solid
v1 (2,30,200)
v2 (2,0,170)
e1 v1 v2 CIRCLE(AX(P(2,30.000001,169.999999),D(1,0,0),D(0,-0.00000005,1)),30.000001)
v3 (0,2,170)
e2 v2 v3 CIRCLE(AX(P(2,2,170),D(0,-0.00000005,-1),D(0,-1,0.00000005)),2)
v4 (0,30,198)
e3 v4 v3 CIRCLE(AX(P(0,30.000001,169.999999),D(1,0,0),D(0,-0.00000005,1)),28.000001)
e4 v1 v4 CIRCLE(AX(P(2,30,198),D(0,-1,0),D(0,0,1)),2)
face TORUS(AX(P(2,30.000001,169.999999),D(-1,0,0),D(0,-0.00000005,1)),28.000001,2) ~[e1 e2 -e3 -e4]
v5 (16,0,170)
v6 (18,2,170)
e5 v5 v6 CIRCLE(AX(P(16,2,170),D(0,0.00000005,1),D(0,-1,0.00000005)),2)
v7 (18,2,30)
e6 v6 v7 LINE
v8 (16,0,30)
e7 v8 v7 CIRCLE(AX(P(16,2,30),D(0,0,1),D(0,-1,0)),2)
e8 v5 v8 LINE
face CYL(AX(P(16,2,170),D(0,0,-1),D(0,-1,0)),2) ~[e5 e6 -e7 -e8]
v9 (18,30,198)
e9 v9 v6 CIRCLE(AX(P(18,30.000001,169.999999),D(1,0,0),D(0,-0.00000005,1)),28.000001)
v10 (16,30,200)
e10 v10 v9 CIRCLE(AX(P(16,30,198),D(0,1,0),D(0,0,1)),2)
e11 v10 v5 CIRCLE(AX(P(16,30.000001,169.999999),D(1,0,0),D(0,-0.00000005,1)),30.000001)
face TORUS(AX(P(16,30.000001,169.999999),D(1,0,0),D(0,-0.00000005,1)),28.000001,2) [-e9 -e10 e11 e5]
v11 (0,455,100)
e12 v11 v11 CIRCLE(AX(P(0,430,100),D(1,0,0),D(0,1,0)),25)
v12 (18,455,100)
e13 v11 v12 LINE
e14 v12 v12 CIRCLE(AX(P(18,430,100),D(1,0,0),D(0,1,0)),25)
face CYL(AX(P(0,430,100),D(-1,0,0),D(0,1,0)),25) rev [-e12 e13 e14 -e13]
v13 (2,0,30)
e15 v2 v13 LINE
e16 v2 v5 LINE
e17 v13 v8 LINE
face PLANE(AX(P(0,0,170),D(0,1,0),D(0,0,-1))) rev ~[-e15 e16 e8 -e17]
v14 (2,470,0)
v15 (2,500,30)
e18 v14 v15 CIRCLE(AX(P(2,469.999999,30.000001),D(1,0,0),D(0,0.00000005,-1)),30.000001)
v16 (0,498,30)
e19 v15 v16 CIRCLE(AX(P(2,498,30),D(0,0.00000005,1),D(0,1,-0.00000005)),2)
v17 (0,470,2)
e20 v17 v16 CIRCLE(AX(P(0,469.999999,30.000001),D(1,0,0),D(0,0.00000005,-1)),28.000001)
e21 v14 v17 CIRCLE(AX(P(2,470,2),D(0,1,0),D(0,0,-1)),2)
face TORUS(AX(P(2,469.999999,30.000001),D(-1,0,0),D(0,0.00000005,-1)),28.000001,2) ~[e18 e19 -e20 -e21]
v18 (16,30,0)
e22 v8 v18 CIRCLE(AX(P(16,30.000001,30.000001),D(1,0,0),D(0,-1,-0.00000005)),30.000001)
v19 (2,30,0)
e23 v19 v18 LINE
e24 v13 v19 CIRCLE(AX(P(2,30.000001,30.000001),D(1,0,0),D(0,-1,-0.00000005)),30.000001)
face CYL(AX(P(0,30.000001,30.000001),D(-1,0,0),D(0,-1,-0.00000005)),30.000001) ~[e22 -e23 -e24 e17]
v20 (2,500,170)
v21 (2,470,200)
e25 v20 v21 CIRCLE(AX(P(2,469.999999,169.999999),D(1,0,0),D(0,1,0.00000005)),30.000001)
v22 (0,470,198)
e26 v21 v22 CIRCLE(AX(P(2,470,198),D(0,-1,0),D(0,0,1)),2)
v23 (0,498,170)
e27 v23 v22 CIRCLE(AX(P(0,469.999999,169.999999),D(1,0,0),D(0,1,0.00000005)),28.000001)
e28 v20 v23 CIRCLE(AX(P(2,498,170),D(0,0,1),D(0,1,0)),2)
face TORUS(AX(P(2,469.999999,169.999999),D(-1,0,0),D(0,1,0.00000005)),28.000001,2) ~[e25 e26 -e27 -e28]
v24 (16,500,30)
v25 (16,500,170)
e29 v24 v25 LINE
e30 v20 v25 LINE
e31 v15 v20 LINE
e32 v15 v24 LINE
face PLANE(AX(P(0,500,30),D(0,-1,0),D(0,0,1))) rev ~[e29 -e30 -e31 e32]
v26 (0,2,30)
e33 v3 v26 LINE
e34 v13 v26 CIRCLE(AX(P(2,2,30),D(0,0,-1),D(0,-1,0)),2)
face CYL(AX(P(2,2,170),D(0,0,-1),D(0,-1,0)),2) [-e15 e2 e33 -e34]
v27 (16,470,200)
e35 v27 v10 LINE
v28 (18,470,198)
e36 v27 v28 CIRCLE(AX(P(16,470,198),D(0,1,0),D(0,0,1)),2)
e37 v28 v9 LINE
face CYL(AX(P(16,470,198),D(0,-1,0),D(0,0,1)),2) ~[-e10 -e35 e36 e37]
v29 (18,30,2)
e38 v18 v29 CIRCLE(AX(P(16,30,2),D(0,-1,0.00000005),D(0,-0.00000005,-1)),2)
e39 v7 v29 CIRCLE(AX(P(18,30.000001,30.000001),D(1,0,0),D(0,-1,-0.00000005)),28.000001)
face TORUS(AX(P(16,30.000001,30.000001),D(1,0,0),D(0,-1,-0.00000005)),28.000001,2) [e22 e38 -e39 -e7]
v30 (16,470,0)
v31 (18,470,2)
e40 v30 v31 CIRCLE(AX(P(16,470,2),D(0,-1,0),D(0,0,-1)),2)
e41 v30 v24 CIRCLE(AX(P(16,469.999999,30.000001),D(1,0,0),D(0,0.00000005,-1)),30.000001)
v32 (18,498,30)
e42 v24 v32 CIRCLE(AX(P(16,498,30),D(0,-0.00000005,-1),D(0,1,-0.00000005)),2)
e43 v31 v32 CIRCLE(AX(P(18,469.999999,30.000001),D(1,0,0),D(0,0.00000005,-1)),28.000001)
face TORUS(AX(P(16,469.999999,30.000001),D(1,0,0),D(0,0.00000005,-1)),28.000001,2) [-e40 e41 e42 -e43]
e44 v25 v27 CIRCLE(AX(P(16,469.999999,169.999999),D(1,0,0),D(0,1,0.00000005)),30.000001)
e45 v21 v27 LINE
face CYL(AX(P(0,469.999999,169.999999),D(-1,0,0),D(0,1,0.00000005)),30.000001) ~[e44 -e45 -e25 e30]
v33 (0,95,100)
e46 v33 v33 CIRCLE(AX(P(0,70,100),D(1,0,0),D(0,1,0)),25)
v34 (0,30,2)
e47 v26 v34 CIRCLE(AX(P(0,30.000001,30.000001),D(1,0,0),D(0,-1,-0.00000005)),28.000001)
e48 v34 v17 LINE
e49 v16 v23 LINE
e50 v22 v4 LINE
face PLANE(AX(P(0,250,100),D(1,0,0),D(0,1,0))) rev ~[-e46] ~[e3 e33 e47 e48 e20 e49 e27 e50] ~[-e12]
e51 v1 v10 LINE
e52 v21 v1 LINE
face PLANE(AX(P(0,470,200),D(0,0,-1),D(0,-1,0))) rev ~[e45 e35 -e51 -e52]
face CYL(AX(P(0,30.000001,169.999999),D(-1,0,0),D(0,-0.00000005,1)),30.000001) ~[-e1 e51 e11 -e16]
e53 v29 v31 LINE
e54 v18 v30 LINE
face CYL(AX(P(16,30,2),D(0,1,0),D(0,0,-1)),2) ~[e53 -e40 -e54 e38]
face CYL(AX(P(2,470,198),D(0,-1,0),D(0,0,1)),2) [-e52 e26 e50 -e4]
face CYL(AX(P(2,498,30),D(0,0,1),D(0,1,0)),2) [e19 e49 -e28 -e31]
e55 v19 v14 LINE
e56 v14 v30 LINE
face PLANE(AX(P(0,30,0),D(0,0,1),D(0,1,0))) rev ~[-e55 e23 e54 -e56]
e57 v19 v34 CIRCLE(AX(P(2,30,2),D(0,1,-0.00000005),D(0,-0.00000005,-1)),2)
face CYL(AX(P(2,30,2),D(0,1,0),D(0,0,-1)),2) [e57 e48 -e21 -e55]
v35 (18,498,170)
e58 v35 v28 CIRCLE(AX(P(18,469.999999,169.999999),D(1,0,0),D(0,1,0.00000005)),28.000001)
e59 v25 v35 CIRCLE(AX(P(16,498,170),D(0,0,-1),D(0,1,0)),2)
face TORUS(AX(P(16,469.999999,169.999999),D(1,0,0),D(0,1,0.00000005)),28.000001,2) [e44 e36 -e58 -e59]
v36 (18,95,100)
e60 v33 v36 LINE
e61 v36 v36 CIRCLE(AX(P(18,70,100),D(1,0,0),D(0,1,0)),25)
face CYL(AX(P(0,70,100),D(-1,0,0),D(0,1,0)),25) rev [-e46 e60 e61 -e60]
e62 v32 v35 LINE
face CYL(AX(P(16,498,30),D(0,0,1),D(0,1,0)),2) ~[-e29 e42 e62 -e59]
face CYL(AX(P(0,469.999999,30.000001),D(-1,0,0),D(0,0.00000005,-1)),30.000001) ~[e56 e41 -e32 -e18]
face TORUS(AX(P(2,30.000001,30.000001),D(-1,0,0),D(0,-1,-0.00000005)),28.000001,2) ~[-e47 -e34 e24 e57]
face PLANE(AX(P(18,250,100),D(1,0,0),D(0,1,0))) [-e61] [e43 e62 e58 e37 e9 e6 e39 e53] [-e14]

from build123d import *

# Parameters (mm, degrees)
F0_R     = 25
F1_DEPTH = 18
F2_R     = 2


with BuildPart() as f1:
    # F0 (on Right) → F1 (new body)
    with BuildSketch(Plane.YZ):
        with BuildLine():
            ThreePointArc((0, 30), (8.786797, 8.786797), (30, 0))
            Line((30, 0), (470, 0))
            ThreePointArc((470, 0), (491.213203, 8.786797), (500, 30))
            Line((500, 30), (500, 170))
            ThreePointArc((500, 170), (491.213203, 191.213203), (470, 200))
            Line((470, 200), (250, 200))
            Line((250, 200), (30, 200))
            ThreePointArc((30, 200), (8.786797, 191.213203), (0, 170))
            Line((0, 170), (0, 30))
        make_face()
        with Locations((70, 100)):
            Circle(F0_R, mode=Mode.SUBTRACT)
        with Locations((430, 100)):
            Circle(F0_R, mode=Mode.SUBTRACT)
    extrude(amount=F1_DEPTH)

    # F2
    f2_edges = [f1.edges().sort_by_distance(p)[0] for p in [
        (0, 250, 200),
        (18, 250, 200),
    ]]
    fillet(f2_edges, radius=F2_R)


solid = f1.part
